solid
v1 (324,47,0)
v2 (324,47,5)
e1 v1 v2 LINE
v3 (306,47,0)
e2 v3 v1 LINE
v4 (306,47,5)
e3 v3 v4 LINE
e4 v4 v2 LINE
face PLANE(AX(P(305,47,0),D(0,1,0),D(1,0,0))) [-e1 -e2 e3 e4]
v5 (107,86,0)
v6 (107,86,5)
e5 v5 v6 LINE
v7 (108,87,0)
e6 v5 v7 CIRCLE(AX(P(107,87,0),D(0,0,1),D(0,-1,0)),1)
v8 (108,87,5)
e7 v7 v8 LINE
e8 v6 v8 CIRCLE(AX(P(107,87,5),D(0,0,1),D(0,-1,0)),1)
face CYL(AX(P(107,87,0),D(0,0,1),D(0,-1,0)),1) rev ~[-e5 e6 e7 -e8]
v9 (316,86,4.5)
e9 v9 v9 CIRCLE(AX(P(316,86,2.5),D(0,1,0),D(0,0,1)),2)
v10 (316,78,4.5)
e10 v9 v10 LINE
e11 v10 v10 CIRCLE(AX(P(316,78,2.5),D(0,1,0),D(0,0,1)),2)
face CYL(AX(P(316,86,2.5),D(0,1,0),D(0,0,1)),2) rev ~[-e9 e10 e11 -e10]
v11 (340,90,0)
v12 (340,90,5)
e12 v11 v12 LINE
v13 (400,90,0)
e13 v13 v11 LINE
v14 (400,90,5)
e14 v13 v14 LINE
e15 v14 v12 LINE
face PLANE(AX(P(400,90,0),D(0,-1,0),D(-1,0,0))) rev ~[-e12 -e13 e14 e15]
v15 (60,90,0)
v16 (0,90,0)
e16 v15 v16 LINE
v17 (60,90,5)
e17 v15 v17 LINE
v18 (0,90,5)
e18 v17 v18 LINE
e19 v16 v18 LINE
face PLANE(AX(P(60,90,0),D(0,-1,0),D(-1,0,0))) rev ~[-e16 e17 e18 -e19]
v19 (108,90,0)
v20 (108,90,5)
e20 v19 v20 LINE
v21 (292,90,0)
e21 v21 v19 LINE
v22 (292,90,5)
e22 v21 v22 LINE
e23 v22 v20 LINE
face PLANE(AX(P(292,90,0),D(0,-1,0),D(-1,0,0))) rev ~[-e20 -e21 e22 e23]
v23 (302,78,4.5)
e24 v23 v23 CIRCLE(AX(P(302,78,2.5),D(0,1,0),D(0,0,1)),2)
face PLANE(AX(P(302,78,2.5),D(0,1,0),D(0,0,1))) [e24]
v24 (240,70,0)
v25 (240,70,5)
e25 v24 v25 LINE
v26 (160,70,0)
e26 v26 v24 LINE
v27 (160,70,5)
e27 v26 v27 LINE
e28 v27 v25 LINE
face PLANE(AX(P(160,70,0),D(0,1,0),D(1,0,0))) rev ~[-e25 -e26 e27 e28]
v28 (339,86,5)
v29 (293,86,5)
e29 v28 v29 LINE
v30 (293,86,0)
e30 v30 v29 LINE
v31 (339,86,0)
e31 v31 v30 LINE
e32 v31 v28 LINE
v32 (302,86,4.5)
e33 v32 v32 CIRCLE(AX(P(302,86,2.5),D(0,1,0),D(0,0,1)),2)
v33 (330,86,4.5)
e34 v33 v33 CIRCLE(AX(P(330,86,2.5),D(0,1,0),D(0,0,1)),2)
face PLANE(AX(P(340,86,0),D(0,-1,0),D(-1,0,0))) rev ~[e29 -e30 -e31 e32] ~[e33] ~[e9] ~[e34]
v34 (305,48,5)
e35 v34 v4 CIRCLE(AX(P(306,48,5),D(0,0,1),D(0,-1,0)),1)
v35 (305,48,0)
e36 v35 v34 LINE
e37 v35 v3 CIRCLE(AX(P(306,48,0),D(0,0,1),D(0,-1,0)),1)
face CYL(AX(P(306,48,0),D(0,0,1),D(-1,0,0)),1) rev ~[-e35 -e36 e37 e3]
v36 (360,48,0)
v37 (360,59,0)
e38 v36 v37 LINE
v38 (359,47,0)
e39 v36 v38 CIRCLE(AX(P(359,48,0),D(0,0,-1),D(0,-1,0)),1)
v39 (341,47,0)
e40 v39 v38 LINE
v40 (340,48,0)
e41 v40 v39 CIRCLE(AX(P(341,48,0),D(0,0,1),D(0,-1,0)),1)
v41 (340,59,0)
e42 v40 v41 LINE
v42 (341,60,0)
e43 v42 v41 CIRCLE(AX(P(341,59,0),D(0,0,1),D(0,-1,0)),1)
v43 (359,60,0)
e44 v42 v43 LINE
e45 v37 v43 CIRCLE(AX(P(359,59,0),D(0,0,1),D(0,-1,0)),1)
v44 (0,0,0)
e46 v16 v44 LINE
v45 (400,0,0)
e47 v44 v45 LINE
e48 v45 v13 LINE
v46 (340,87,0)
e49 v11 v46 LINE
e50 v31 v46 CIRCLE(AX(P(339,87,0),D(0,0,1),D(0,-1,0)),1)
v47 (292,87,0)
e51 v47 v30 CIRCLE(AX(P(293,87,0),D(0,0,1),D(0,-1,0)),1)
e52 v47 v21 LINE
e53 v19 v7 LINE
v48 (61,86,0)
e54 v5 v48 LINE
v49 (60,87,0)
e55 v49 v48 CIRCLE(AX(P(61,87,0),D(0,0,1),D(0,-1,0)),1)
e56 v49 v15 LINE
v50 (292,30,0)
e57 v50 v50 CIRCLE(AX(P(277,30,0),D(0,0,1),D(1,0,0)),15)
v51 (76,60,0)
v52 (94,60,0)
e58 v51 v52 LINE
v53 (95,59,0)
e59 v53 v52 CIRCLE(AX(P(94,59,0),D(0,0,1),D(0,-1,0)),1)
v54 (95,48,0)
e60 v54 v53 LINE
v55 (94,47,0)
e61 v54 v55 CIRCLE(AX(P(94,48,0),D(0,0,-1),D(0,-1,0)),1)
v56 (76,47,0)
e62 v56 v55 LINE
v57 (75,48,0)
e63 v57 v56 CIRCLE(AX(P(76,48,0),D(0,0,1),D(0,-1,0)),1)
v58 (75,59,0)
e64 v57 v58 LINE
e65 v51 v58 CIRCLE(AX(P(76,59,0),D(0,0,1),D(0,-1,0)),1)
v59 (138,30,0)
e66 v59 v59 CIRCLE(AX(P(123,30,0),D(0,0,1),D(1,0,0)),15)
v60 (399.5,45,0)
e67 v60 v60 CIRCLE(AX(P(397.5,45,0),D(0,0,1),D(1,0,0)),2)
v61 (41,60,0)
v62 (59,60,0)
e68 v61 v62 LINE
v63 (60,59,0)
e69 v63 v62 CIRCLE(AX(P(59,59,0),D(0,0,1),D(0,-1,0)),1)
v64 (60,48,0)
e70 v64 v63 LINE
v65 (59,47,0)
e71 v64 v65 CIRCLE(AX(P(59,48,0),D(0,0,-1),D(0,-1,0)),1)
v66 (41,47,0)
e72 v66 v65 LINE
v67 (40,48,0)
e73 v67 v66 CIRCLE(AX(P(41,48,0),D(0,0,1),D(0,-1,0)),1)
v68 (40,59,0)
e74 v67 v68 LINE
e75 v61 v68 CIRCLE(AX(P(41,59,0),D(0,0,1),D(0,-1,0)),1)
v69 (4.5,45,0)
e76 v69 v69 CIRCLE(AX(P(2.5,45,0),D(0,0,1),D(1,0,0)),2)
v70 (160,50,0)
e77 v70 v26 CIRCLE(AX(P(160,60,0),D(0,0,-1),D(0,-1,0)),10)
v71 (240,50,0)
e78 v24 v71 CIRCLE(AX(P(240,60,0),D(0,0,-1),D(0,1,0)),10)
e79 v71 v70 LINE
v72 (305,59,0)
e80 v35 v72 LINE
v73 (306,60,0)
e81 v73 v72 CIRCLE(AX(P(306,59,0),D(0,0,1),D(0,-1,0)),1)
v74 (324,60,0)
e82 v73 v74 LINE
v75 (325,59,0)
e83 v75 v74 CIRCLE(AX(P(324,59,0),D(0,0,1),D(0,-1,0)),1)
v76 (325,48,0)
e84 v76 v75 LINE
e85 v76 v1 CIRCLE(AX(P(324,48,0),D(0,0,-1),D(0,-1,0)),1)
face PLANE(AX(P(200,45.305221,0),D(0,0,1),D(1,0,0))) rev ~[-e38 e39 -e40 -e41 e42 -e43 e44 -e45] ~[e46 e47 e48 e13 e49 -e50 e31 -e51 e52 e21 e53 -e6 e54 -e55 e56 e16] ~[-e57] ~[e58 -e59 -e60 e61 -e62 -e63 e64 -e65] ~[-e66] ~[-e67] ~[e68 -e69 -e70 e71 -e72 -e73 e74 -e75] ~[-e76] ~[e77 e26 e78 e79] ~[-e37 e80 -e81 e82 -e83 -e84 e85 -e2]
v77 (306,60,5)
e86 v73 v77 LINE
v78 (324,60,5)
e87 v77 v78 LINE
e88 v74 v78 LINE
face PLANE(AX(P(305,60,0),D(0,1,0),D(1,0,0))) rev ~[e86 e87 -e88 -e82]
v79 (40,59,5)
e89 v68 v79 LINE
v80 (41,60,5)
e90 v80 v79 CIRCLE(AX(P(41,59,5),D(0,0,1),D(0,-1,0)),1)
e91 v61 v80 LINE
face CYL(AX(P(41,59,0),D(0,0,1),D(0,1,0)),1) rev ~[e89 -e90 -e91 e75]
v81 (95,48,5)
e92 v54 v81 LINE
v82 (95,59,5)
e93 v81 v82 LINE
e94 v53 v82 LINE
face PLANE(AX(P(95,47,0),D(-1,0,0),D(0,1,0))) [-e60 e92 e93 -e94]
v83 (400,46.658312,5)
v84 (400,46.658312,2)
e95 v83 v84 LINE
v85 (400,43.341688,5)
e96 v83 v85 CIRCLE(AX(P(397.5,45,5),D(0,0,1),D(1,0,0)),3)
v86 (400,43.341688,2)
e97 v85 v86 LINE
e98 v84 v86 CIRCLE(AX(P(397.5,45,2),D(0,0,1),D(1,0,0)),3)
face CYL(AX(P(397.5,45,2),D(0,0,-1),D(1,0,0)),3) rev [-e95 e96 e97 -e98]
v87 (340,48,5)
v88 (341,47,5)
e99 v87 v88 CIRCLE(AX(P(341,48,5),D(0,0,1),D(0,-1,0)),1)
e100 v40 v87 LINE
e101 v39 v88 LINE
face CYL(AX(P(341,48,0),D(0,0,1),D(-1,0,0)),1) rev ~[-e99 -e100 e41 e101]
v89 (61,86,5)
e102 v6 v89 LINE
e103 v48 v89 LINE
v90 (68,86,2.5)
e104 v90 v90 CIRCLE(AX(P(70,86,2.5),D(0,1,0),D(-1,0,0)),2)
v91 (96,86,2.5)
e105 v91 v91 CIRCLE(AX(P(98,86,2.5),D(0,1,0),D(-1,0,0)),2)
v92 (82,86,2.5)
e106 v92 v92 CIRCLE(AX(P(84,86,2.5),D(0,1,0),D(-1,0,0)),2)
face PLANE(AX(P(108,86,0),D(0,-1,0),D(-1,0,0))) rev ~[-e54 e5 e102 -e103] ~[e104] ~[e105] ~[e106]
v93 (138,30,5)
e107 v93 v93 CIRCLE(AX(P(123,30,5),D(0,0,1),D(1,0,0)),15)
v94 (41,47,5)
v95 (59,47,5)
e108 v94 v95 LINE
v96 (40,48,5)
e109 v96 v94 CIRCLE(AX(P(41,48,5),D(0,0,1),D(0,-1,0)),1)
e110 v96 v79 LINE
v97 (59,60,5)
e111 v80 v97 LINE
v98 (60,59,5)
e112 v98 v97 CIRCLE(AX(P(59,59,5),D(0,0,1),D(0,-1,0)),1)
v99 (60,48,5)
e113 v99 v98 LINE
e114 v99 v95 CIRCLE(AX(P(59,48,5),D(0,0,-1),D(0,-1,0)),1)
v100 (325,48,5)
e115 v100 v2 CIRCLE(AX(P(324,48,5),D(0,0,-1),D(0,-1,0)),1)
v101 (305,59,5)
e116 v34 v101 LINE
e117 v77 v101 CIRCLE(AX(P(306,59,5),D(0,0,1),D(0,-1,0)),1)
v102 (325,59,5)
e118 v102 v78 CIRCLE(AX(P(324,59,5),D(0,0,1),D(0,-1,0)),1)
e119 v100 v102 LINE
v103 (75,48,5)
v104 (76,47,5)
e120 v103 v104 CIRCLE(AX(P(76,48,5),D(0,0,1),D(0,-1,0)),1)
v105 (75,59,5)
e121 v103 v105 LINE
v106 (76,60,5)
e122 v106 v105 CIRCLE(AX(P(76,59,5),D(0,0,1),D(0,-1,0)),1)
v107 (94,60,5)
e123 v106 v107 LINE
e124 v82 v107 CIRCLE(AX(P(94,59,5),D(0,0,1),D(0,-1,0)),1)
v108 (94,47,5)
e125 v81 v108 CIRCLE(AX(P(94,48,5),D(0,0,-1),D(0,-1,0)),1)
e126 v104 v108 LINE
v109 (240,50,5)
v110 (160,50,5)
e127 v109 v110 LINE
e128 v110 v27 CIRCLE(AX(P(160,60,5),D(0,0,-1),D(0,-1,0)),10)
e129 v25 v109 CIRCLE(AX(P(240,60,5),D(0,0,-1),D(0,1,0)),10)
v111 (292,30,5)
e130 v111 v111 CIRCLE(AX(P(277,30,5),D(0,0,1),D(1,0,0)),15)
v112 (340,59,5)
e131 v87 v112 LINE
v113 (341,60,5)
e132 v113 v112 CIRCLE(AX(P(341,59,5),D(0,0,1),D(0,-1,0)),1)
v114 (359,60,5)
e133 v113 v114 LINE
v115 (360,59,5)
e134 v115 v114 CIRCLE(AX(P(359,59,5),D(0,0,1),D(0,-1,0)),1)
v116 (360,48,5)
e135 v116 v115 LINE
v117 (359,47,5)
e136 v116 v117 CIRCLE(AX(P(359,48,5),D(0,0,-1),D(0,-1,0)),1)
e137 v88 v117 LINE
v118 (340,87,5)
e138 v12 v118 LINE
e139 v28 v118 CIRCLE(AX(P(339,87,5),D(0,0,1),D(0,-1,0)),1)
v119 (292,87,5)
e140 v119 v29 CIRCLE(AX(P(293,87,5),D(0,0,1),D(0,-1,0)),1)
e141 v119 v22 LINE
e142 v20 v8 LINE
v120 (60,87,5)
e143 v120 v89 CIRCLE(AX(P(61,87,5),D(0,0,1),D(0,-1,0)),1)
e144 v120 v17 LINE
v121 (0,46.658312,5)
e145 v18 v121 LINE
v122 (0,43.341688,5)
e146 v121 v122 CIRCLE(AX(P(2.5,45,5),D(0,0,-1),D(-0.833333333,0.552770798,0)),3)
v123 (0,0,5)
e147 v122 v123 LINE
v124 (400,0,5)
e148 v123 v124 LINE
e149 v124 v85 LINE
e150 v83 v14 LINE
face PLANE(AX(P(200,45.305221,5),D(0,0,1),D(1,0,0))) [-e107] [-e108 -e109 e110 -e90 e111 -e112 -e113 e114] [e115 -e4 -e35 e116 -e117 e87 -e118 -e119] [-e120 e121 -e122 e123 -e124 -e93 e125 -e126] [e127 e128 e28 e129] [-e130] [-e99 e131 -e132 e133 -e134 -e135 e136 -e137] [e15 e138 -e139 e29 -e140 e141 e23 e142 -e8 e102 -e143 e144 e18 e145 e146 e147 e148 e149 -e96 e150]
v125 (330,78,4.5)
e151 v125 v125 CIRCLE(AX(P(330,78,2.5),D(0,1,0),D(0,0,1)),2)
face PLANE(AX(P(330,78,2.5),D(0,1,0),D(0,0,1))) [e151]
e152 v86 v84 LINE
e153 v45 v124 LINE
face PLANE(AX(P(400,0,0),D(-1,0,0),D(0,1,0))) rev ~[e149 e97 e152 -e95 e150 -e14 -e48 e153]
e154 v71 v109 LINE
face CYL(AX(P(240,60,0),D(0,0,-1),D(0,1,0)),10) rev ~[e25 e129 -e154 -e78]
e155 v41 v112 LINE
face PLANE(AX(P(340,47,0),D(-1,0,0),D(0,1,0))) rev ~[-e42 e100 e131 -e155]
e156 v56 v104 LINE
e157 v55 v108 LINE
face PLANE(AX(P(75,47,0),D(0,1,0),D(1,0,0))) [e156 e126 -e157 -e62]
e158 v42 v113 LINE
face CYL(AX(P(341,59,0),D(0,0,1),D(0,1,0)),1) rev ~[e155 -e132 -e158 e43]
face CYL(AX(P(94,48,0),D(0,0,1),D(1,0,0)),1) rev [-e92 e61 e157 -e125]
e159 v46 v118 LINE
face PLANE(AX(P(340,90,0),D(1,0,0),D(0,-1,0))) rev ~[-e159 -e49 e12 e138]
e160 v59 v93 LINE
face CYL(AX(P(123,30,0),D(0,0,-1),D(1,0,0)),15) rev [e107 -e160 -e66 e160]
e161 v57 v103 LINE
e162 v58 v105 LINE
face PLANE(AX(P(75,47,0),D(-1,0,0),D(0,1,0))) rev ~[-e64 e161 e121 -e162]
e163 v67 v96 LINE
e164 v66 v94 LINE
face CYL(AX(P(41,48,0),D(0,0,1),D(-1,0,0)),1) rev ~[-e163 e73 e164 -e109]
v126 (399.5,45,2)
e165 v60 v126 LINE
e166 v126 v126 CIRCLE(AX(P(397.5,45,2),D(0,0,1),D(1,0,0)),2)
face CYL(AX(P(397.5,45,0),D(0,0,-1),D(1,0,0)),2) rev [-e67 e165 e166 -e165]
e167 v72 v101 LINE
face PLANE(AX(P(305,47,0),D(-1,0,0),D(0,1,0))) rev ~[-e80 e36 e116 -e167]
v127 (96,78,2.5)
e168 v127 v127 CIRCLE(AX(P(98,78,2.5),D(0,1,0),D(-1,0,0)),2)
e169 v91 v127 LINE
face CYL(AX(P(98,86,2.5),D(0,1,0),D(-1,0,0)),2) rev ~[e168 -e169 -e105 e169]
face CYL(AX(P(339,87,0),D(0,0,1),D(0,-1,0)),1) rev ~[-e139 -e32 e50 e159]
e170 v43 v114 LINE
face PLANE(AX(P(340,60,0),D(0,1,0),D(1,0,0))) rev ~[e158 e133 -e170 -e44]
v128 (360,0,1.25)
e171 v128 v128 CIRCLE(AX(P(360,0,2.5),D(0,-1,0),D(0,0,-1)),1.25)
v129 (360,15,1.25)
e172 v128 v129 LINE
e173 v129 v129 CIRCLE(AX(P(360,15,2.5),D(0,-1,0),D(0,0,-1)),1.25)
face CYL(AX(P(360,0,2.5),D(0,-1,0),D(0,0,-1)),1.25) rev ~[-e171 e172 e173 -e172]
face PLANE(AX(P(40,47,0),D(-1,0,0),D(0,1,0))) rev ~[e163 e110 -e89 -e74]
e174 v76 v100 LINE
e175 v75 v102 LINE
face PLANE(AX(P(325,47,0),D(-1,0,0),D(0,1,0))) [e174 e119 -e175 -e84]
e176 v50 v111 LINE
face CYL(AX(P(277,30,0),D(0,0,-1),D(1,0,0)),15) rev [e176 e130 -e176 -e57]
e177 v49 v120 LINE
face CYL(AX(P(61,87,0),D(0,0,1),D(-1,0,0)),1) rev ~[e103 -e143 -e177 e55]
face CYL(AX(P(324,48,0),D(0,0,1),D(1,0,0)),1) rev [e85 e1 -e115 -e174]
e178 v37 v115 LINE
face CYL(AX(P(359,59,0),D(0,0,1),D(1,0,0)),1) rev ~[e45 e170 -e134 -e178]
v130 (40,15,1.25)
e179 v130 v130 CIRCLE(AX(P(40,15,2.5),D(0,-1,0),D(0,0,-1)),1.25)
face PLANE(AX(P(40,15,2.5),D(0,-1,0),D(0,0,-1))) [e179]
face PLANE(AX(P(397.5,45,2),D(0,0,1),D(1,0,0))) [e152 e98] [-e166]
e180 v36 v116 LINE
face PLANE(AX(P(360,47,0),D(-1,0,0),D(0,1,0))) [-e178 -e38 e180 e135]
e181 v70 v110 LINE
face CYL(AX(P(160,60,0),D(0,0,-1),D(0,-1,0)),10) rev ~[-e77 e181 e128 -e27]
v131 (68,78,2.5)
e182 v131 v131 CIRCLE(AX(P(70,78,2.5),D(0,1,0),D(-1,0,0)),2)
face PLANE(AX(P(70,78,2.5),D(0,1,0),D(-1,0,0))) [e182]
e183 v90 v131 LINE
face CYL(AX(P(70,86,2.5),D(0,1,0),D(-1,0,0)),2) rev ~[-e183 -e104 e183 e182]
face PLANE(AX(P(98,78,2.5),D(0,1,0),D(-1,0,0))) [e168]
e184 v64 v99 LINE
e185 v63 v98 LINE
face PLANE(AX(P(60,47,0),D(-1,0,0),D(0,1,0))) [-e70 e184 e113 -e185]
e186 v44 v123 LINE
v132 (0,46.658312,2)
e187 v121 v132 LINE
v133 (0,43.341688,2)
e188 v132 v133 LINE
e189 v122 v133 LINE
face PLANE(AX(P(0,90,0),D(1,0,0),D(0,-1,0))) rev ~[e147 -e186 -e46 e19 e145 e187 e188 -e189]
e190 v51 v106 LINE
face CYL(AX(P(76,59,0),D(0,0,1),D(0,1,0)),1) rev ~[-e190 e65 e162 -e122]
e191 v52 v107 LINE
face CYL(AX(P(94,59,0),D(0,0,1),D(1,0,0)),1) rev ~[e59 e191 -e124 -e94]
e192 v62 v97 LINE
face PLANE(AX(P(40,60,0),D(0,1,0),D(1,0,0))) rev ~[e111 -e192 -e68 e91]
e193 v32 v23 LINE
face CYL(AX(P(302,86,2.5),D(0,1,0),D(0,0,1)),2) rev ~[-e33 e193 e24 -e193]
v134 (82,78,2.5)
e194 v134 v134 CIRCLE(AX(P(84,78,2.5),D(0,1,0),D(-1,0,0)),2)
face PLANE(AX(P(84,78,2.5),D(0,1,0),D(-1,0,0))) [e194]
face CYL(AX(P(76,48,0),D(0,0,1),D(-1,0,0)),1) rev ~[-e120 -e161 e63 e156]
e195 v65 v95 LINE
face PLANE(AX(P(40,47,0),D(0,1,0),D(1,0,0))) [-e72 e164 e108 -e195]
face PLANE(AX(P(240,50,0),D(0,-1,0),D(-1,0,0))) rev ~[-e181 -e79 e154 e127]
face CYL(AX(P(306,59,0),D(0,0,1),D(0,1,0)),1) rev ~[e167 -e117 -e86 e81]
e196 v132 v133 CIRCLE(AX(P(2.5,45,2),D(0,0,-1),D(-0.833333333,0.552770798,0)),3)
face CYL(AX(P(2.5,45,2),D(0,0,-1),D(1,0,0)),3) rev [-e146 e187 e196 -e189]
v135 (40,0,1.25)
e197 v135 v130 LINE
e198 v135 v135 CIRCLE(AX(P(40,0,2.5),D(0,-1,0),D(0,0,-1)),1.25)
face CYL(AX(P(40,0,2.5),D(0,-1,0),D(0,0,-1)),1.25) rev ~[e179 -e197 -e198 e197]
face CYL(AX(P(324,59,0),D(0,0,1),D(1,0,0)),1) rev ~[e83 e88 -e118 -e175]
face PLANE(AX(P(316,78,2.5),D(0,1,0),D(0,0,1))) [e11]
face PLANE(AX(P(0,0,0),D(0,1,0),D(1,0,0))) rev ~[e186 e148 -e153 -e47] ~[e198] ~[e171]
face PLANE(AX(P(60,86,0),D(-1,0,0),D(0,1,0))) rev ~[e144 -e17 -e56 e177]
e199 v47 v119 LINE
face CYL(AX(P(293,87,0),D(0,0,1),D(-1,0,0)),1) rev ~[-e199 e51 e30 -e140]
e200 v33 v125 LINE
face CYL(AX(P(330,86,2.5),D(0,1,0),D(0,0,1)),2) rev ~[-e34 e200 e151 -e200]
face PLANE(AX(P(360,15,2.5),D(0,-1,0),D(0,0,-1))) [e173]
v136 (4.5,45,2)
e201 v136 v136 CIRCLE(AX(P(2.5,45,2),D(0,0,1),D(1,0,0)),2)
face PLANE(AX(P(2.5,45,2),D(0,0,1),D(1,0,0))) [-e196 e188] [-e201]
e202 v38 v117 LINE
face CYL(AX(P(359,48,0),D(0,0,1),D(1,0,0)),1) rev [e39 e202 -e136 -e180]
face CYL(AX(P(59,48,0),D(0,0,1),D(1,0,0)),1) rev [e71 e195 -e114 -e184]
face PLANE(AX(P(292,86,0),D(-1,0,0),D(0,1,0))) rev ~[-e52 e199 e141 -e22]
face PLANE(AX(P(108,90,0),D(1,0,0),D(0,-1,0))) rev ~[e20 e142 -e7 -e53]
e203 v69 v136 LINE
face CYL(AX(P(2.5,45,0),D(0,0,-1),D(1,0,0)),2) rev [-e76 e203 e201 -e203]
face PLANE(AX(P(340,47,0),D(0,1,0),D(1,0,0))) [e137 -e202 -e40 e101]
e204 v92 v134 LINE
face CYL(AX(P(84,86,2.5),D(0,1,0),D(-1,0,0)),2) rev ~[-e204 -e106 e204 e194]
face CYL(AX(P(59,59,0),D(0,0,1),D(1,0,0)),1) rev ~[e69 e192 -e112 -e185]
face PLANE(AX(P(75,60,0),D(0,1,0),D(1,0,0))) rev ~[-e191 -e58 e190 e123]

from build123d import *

# Parameters (mm, degrees)
SKETCH1_R           = 15
SKETCH1_R_2         = 2
SKETCH1_W           = 20
SKETCH1_H           = 13
BOSS_EXTRUDE1_DEPTH = 5
CUT_EXTRUDE2_START  = -3
SKETCH6_R           = 3
SKETCH6_R_2         = 2
CUT_EXTRUDE2_DEPTH  = 3
FILLET1_R           = 1
SKETCH7_R           = 1.25
CUT_EXTRUDE3_DEPTH  = 15
SKETCH9_R           = 2
CUT_EXTRUDE4_DEPTH  = 8
SKETCH8_R           = 2
CUT_EXTRUDE5_DEPTH  = 8


with BuildPart() as part:
    # Sketch1 → Boss-Extrude1 (new body)
    with BuildSketch(Plane.XY):
        Polygon((0, 90), (0, 0), (400, 0), (400, 90), (340, 90), (340, 86), (292, 86), (292, 90), (108, 90), (108, 86), (60, 86), (60, 90), align=None)
        with Locations((123, 30)):
            Circle(SKETCH1_R, mode=Mode.SUBTRACT)
        with Locations((277, 30)):
            Circle(SKETCH1_R, mode=Mode.SUBTRACT)
        with Locations((2.5, 45)):
            Circle(SKETCH1_R_2, mode=Mode.SUBTRACT)
        with Locations((50, 53.5)):
            Rectangle(SKETCH1_W, SKETCH1_H, mode=Mode.SUBTRACT)
        with Locations((85, 53.5)):
            Rectangle(SKETCH1_W, SKETCH1_H, mode=Mode.SUBTRACT)
        with BuildLine():
            ThreePointArc((160, 50), (150, 60), (160, 70))
            Line((160, 70), (240, 70))
            ThreePointArc((240, 70), (250, 60), (240, 50))
            Line((240, 50), (160, 50))
        make_face(mode=Mode.SUBTRACT)
        with Locations((315, 53.5)):
            Rectangle(SKETCH1_W, SKETCH1_H, mode=Mode.SUBTRACT)
        with Locations((397.5, 45)):
            Circle(SKETCH1_R_2, mode=Mode.SUBTRACT)
        with Locations((350, 53.5)):
            Rectangle(SKETCH1_W, SKETCH1_H, mode=Mode.SUBTRACT)
    extrude(amount=BOSS_EXTRUDE1_DEPTH)

    # Sketch6 → Cut-Extrude2 (cut)
    # profile 1 of 2: a face of its own
    with BuildSketch(Plane.XY.offset(5).offset(CUT_EXTRUDE2_START)):
        with Locations((397.5, 45)):
            Circle(SKETCH6_R)
        with Locations((397.5, 45)):
            Circle(SKETCH6_R_2, mode=Mode.SUBTRACT)
    # profile 2 of 2: a face of its own
    with BuildSketch(Plane.XY.offset(5).offset(CUT_EXTRUDE2_START)):
        with Locations((2.5, 45)):
            Circle(SKETCH6_R)
        with Locations((2.5, 45)):
            Circle(SKETCH6_R_2, mode=Mode.SUBTRACT)
    extrude(amount=CUT_EXTRUDE2_DEPTH, mode=Mode.SUBTRACT)

    # Fillet1
    fillet1_edges = [part.edges().sort_by_distance(p)[0] for p in [
        (340, 60, 2.5),
        (340, 47, 2.5),
        (360, 47, 2.5),
        (360, 60, 2.5),
        (305, 60, 2.5),
        (305, 47, 2.5),
        (325, 47, 2.5),
        (325, 60, 2.5),
        (75, 60, 2.5),
        (75, 47, 2.5),
        (95, 47, 2.5),
        (95, 60, 2.5),
        (40, 60, 2.5),
        (40, 47, 2.5),
        (60, 47, 2.5),
        (60, 60, 2.5),
        (60, 86, 2.5),
        (108, 86, 2.5),
        (292, 86, 2.5),
        (340, 86, 2.5),
    ]]
    fillet(fillet1_edges, radius=FILLET1_R)

    # Sketch7 → Cut-Extrude3 (cut)
    with BuildSketch(Plane.XZ):
        with Locations(Location((360, 2.5, 0), (0, 0, 270))):
            Circle(SKETCH7_R)
        with Locations(Location((40, 2.5, 0), (0, 0, 270))):
            Circle(SKETCH7_R)
    extrude(amount=-CUT_EXTRUDE3_DEPTH, mode=Mode.SUBTRACT)

    # Sketch9 → Cut-Extrude4 (cut)
    with BuildSketch(Plane(origin=(0, 86, 0), x_dir=(1, 0, 0), z_dir=(0, 1, 0))):
        with Locations(Location((330, -2.5, 0), (0, 0, 270))):
            Circle(SKETCH9_R)
        with Locations(Location((316, -2.5, 0), (0, 0, 270))):
            Circle(SKETCH9_R)
        with Locations(Location((302, -2.5, 0), (0, 0, 270))):
            Circle(SKETCH9_R)
    extrude(amount=-CUT_EXTRUDE4_DEPTH, mode=Mode.SUBTRACT)

    # Sketch8 → Cut-Extrude5 (cut)
    with BuildSketch(Plane(origin=(0, 86, 0), x_dir=(1, 0, 0), z_dir=(0, 1, 0))):
        with Locations(Location((70, -2.5, 0), (0, 0, 180))):
            Circle(SKETCH8_R)
        with Locations(Location((84, -2.5, 0), (0, 0, 180))):
            Circle(SKETCH8_R)
        with Locations(Location((98, -2.5, 0), (0, 0, 180))):
            Circle(SKETCH8_R)
    extrude(amount=-CUT_EXTRUDE5_DEPTH, mode=Mode.SUBTRACT)


solid = part.part
